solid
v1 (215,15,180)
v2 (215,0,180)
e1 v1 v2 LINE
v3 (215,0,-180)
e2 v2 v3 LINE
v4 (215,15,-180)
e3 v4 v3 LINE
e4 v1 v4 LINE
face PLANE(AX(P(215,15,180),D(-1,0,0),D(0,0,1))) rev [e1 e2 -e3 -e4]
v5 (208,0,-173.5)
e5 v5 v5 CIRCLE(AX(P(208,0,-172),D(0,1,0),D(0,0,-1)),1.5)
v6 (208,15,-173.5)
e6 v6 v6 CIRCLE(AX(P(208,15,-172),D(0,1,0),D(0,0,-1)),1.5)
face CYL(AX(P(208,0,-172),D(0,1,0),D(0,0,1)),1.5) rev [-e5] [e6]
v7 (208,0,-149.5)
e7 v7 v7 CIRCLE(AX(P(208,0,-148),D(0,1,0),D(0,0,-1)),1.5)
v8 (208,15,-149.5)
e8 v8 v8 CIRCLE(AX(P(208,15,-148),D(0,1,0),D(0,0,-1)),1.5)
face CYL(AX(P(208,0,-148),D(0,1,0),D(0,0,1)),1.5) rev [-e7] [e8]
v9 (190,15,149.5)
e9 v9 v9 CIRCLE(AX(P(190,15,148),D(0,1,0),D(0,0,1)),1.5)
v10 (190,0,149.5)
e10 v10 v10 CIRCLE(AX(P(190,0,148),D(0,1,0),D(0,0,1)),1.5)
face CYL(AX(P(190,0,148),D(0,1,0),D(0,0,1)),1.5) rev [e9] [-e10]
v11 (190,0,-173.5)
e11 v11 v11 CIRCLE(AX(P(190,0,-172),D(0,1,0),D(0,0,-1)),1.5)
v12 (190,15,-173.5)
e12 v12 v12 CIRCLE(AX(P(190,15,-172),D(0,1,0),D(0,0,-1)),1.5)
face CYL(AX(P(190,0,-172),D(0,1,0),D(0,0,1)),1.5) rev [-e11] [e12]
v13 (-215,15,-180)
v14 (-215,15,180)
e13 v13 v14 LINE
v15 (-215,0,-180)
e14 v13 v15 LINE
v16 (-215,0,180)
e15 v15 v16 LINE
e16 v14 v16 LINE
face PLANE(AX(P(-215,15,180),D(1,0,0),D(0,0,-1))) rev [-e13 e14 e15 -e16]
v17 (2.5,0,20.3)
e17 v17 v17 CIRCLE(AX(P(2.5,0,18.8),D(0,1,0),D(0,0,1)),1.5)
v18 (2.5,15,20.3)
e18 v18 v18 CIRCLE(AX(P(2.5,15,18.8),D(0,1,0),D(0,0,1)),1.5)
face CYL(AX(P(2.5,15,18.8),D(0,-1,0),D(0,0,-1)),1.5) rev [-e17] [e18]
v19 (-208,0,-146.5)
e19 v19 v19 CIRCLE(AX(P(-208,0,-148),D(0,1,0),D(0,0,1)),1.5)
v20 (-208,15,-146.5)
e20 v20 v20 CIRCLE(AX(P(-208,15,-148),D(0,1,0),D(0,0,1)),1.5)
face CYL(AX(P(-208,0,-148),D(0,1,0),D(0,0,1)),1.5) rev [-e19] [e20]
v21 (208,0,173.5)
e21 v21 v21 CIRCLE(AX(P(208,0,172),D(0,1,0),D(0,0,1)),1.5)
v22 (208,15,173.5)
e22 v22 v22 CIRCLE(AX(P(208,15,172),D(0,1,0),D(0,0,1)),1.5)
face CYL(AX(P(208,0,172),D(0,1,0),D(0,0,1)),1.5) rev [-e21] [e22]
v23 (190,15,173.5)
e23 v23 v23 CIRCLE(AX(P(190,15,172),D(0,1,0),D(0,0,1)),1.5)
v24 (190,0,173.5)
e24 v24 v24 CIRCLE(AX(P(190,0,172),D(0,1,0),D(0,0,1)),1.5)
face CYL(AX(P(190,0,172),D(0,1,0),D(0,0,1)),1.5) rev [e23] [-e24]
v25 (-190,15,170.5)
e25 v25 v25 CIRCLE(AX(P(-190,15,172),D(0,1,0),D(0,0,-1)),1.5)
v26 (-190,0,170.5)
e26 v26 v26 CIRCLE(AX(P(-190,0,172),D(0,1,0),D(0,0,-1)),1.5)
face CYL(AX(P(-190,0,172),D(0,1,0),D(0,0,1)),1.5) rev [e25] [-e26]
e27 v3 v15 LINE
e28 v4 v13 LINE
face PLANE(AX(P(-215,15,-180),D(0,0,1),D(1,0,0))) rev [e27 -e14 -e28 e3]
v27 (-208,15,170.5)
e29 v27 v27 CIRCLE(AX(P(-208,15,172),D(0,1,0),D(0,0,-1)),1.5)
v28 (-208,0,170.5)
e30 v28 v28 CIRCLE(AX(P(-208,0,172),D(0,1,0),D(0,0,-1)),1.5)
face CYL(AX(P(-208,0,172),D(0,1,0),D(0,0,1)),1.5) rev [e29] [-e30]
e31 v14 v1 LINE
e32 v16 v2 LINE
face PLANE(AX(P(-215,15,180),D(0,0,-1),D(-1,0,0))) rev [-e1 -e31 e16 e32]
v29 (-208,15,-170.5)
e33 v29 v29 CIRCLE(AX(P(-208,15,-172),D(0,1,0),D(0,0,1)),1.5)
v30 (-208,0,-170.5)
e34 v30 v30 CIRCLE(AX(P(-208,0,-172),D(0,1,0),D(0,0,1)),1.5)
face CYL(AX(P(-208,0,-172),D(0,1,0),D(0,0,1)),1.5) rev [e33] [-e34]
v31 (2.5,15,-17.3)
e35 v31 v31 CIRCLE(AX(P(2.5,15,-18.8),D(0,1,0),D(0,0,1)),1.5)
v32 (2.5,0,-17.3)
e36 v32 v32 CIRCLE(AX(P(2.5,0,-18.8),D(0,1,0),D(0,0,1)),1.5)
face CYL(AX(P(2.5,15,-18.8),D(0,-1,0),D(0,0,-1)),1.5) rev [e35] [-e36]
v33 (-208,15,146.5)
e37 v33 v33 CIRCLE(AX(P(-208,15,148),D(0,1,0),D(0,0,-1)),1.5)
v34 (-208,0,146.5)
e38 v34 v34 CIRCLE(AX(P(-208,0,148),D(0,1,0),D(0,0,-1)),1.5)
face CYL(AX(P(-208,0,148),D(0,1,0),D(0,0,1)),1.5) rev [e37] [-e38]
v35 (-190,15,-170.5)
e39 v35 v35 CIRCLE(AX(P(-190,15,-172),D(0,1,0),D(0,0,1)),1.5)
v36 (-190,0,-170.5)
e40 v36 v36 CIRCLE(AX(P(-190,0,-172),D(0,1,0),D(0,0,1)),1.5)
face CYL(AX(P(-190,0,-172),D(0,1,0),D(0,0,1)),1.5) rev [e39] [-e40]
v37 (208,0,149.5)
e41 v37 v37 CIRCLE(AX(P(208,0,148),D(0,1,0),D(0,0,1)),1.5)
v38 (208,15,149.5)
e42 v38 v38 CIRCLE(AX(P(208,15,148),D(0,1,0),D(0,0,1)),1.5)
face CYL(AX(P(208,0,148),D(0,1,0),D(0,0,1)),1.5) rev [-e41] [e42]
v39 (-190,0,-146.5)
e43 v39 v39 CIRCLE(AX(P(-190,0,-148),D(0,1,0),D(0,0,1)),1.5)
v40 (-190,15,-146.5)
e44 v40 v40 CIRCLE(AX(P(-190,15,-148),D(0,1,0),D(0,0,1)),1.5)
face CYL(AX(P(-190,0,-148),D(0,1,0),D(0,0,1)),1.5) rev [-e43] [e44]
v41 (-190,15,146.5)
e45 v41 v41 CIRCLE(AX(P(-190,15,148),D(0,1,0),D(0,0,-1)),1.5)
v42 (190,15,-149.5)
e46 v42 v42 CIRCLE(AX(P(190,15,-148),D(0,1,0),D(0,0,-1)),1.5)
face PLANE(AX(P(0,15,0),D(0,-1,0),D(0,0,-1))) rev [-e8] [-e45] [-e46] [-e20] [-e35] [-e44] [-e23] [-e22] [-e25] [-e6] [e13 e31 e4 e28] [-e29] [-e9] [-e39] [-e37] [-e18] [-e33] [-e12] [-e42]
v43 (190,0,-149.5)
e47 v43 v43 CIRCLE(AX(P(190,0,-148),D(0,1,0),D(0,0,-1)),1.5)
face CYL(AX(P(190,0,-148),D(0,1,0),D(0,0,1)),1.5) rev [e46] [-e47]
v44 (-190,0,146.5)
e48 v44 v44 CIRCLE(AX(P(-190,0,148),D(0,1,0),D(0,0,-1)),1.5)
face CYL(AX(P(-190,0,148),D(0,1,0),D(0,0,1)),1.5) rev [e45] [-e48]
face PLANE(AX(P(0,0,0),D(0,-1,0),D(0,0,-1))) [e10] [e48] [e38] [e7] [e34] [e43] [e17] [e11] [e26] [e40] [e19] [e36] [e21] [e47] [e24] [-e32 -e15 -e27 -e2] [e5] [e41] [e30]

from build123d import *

# Parameters (mm, degrees)
CROQUIS1_W              = 430
CROQUIS1_H              = 360
CROQUIS1_R              = 1.5
SALIENTE_EXTRUIR1_DEPTH = 15
CROQUIS3_R              = 1.5
CORTAR_EXTRUIR1_DEPTH   = 281.802421642


with BuildPart() as part:
    # Croquis1 → Saliente-Extruir1 (new body)
    with BuildSketch(Plane(origin=(0, 0, 0), x_dir=(1, 0, 0), z_dir=(0, 1, 0))):
        Rectangle(CROQUIS1_W, CROQUIS1_H)
        with Locations(Location((2.5, 18.8, 0), (0, 0, 270))):
            Circle(CROQUIS1_R, mode=Mode.SUBTRACT)
        with Locations(Location((2.5, -18.8, 0), (0, 0, 270))):
            Circle(CROQUIS1_R, mode=Mode.SUBTRACT)
    extrude(amount=SALIENTE_EXTRUIR1_DEPTH)

    # Croquis3 → Cortar-Extruir1 (cut, through all)
    with BuildSketch(Plane(origin=(0, 15, 0), x_dir=(1, 0, 0), z_dir=(0, 1, 0))):
        with Locations(Location((208, -172, 0), (0, 0, 270))):
            Circle(CROQUIS3_R)
        with Locations(Location((190, -172, 0), (0, 0, 270))):
            Circle(CROQUIS3_R)
        with Locations(Location((190, -148, 0), (0, 0, 270))):
            Circle(CROQUIS3_R)
        with Locations(Location((208, -148, 0), (0, 0, 270))):
            Circle(CROQUIS3_R)
        with Locations(Location((-208, -172, 0), (0, 0, 90))):
            Circle(CROQUIS3_R)
        with Locations(Location((-190, -172, 0), (0, 0, 90))):
            Circle(CROQUIS3_R)
        with Locations(Location((-208, -148, 0), (0, 0, 90))):
            Circle(CROQUIS3_R)
        with Locations(Location((-190, -148, 0), (0, 0, 90))):
            Circle(CROQUIS3_R)
        with Locations(Location((-208, 172, 0), (0, 0, 270))):
            Circle(CROQUIS3_R)
        with Locations(Location((-190, 172, 0), (0, 0, 270))):
            Circle(CROQUIS3_R)
        with Locations(Location((-190, 148, 0), (0, 0, 270))):
            Circle(CROQUIS3_R)
        with Locations(Location((-208, 148, 0), (0, 0, 270))):
            Circle(CROQUIS3_R)
        with Locations(Location((208, 172, 0), (0, 0, 90))):
            Circle(CROQUIS3_R)
        with Locations(Location((190, 172, 0), (0, 0, 90))):
            Circle(CROQUIS3_R)
        with Locations(Location((190, 148, 0), (0, 0, 90))):
            Circle(CROQUIS3_R)
        with Locations(Location((208, 148, 0), (0, 0, 90))):
            Circle(CROQUIS3_R)
    extrude(amount=-CORTAR_EXTRUIR1_DEPTH, mode=Mode.SUBTRACT)


solid = part.part
